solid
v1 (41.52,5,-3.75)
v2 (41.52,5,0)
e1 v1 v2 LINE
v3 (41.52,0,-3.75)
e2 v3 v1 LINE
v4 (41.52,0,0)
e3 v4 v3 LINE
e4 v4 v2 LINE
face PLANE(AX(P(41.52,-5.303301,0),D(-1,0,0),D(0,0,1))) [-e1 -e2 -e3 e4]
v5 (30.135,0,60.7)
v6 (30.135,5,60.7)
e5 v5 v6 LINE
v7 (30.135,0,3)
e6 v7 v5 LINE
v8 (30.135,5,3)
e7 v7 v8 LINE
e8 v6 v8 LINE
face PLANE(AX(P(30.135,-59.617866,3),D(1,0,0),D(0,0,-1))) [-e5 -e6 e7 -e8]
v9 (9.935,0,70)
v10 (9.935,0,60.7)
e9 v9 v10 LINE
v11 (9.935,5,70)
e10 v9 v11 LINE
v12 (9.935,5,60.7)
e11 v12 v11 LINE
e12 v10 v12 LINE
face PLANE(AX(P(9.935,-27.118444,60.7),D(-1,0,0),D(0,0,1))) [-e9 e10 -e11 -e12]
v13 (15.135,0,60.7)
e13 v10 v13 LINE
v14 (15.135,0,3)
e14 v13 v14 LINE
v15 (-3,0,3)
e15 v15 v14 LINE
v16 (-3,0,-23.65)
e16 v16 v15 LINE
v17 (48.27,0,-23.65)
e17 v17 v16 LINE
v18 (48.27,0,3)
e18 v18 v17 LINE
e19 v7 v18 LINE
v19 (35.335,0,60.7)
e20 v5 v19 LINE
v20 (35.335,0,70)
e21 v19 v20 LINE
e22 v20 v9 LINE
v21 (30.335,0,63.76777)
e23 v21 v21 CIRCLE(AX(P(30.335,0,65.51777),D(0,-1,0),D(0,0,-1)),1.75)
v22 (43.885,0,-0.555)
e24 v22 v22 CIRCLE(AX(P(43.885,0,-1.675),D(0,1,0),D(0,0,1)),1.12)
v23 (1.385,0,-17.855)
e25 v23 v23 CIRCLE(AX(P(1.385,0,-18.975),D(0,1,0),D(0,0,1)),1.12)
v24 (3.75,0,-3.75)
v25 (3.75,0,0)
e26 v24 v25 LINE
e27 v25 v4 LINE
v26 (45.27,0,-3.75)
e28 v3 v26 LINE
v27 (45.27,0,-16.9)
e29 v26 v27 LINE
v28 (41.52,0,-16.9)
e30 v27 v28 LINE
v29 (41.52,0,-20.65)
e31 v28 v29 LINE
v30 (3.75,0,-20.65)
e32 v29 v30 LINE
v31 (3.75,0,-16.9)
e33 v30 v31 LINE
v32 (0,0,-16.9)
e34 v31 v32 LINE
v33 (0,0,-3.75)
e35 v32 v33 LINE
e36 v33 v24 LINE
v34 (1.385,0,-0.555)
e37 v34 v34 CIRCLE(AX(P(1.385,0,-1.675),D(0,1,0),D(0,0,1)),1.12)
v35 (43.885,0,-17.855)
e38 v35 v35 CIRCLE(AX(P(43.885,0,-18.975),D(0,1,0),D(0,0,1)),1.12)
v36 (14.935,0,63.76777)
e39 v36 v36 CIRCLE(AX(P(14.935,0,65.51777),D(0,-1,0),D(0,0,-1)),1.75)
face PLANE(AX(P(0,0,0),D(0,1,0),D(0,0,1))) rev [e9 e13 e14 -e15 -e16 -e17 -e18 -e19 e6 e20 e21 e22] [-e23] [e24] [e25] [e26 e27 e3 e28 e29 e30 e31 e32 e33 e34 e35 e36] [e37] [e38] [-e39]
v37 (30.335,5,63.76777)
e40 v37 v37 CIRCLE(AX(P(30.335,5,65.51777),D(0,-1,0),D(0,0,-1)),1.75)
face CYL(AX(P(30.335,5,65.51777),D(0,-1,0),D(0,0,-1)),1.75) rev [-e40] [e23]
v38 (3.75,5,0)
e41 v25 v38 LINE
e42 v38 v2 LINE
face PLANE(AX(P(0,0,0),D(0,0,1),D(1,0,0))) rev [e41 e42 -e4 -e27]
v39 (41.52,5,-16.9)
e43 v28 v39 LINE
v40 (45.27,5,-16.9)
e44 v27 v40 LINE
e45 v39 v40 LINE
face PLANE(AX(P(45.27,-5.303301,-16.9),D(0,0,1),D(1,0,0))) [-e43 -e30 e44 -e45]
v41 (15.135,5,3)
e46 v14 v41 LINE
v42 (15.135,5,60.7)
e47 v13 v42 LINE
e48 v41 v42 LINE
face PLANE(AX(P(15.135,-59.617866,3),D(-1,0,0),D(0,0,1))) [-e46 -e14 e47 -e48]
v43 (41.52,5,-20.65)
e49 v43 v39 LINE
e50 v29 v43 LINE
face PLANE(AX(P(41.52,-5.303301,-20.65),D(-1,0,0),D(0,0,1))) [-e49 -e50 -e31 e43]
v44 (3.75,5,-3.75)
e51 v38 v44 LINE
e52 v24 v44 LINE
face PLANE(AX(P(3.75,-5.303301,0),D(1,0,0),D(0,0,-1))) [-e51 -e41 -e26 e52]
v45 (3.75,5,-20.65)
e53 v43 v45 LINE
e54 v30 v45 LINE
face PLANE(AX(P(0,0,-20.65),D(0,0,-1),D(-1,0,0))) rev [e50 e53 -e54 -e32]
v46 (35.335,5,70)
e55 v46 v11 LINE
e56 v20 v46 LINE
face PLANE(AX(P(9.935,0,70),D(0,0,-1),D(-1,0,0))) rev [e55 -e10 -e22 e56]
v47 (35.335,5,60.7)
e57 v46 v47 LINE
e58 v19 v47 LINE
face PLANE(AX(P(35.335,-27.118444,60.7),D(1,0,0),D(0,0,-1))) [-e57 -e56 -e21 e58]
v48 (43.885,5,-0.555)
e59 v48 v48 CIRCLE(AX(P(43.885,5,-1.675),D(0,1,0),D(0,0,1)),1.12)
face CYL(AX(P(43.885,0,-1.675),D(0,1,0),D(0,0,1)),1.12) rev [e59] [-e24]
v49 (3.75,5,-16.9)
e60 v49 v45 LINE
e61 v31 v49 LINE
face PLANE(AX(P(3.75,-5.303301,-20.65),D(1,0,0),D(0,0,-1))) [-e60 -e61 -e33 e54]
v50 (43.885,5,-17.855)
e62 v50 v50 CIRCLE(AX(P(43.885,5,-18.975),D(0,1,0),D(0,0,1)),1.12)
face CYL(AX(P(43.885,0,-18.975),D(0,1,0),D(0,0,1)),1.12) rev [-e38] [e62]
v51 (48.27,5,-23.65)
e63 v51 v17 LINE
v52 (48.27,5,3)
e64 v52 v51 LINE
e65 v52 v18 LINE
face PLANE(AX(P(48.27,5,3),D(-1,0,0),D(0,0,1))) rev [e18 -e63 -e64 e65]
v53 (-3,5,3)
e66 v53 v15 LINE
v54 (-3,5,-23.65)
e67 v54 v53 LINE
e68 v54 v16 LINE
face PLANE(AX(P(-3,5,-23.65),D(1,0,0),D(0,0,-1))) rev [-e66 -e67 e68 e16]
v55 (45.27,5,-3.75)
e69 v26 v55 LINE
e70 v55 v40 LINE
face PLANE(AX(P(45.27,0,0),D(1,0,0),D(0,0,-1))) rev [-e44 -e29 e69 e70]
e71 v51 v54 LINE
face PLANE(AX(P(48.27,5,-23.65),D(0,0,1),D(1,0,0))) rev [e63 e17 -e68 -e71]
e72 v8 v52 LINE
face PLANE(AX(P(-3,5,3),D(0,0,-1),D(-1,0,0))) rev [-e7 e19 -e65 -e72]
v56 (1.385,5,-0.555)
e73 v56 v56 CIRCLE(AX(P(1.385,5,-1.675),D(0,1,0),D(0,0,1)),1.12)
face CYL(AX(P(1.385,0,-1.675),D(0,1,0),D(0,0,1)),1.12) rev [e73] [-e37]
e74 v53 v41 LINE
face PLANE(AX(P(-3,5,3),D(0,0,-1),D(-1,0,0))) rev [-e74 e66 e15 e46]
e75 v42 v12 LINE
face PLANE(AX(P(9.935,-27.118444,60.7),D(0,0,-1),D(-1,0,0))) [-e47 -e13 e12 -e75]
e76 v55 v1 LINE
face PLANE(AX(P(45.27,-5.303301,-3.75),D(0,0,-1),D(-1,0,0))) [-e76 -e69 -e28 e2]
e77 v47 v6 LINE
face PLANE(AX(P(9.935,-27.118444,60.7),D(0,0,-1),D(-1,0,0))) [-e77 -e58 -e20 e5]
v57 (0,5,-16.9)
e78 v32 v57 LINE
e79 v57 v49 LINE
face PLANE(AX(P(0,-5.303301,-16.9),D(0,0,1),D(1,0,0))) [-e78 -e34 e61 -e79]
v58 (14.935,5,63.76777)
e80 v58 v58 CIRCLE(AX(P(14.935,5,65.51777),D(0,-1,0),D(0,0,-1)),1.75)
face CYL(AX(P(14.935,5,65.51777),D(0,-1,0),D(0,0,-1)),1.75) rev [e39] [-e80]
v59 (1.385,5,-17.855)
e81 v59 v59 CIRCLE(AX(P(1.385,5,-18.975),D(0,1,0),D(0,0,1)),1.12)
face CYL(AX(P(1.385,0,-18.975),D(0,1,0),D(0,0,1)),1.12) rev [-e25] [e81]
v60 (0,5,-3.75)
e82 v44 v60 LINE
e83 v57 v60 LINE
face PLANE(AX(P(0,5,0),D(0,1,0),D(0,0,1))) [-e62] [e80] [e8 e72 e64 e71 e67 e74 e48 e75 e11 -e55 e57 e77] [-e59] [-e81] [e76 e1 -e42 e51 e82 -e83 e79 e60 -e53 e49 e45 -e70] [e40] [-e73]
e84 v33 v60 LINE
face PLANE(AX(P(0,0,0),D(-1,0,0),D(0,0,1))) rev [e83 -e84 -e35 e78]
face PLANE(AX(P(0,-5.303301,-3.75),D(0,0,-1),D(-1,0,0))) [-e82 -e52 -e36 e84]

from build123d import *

# Parameters (mm, degrees)
SKETCH2_W           = 51.27
SKETCH2_H           = 26.65
BOSS_EXTRUDE2_DEPTH = 5
SKETCH3_W           = 45.27
SKETCH3_H           = 20.65
CUT_EXTRUDE1_DEPTH  = 6
SKETCH4_W           = 3.75
SKETCH4_H           = 3.75
BOSS_EXTRUDE3_DEPTH = 5
SKETCH5_R           = 1.12
CUT_EXTRUDE2_DEPTH  = 6
SKETCH6_W           = 15
SKETCH6_H           = 57.7
BOSS_EXTRUDE4_DEPTH = 5
SKETCH7_W           = 25.4
SKETCH7_H           = 9.5
BOSS_EXTRUDE5_DEPTH = 5
SKETCH11_R          = 1.75
CUT_EXTRUDE5_DEPTH  = 6
SKETCH12_W          = 25.4
SKETCH12_H          = 0.2
CUT_EXTRUDE6_DEPTH  = 6


with BuildPart() as part:
    # Sketch2 → Boss-Extrude2 (new body)
    with BuildSketch(Plane(origin=(0, 0, 0), x_dir=(1, 0, 0), z_dir=(0, 1, 0))):
        with Locations((22.635, 10.325)):
            Rectangle(SKETCH2_W, SKETCH2_H)
    extrude(amount=BOSS_EXTRUDE2_DEPTH)

    # Sketch3 → Cut-Extrude1 (cut, through all)
    with BuildSketch(Plane(origin=(0, 5, 0), x_dir=(1, 0, 0), z_dir=(0, 1, 0))):
        with Locations((22.635, 10.325)):
            Rectangle(SKETCH3_W, SKETCH3_H)
    extrude(amount=-CUT_EXTRUDE1_DEPTH, mode=Mode.SUBTRACT)

    # Sketch4 → Boss-Extrude3 (add)
    with BuildSketch(Plane(origin=(0, 5, 0), x_dir=(1, 0, 0), z_dir=(0, 1, 0))):
        with Locations((1.875, 18.775)):
            Rectangle(SKETCH4_W, SKETCH4_H)
        with Locations((1.875, 1.875)):
            Rectangle(SKETCH4_W, SKETCH4_H)
        with Locations((43.395, 1.875)):
            Rectangle(SKETCH4_W, SKETCH4_H)
        with Locations((43.395, 18.775)):
            Rectangle(SKETCH4_W, SKETCH4_H)
    extrude(amount=-BOSS_EXTRUDE3_DEPTH)

    # Sketch5 → Cut-Extrude2 (cut, through all)
    with BuildSketch(Plane(origin=(0, 5, 0), x_dir=(1, 0, 0), z_dir=(0, 1, 0))):
        with Locations((1.385, 18.975)):
            Circle(SKETCH5_R)
        with Locations((43.885, 18.975)):
            Circle(SKETCH5_R)
        with Locations((43.885, 1.675)):
            Circle(SKETCH5_R)
        with Locations((1.385, 1.675)):
            Circle(SKETCH5_R)
    extrude(amount=-CUT_EXTRUDE2_DEPTH, mode=Mode.SUBTRACT)

    # Sketch6 → Boss-Extrude4 (add)
    with BuildSketch(Plane(origin=(0, 5, 0), x_dir=(1, 0, 0), z_dir=(0, 1, 0))):
        with Locations((22.635, -31.85)):
            Rectangle(SKETCH6_W, SKETCH6_H)
    extrude(amount=-BOSS_EXTRUDE4_DEPTH)

    # Sketch7 → Boss-Extrude5 (add)
    with BuildSketch(Plane(origin=(0, 5, 0), x_dir=(1, 0, 0), z_dir=(0, 1, 0))):
        with Locations((22.635, -65.45)):
            Rectangle(SKETCH7_W, SKETCH7_H)
    extrude(amount=-BOSS_EXTRUDE5_DEPTH)

    # Sketch11 → Cut-Extrude5 (cut, through all)
    with BuildSketch(Plane.XZ):
        with Locations((30.335, 65.51777032)):
            Circle(SKETCH11_R)
        with Locations((14.935, 65.51777032)):
            Circle(SKETCH11_R)
    extrude(amount=-CUT_EXTRUDE5_DEPTH, mode=Mode.SUBTRACT)

    # Sketch12 → Cut-Extrude6 (cut, through all)
    with BuildSketch(Plane(origin=(0, 5, 0), x_dir=(1, 0, 0), z_dir=(0, 1, 0))):
        with Locations((22.635, -70.1)):
            Rectangle(SKETCH12_W, SKETCH12_H)
    extrude(amount=-CUT_EXTRUDE6_DEPTH, mode=Mode.SUBTRACT)


solid = part.part
